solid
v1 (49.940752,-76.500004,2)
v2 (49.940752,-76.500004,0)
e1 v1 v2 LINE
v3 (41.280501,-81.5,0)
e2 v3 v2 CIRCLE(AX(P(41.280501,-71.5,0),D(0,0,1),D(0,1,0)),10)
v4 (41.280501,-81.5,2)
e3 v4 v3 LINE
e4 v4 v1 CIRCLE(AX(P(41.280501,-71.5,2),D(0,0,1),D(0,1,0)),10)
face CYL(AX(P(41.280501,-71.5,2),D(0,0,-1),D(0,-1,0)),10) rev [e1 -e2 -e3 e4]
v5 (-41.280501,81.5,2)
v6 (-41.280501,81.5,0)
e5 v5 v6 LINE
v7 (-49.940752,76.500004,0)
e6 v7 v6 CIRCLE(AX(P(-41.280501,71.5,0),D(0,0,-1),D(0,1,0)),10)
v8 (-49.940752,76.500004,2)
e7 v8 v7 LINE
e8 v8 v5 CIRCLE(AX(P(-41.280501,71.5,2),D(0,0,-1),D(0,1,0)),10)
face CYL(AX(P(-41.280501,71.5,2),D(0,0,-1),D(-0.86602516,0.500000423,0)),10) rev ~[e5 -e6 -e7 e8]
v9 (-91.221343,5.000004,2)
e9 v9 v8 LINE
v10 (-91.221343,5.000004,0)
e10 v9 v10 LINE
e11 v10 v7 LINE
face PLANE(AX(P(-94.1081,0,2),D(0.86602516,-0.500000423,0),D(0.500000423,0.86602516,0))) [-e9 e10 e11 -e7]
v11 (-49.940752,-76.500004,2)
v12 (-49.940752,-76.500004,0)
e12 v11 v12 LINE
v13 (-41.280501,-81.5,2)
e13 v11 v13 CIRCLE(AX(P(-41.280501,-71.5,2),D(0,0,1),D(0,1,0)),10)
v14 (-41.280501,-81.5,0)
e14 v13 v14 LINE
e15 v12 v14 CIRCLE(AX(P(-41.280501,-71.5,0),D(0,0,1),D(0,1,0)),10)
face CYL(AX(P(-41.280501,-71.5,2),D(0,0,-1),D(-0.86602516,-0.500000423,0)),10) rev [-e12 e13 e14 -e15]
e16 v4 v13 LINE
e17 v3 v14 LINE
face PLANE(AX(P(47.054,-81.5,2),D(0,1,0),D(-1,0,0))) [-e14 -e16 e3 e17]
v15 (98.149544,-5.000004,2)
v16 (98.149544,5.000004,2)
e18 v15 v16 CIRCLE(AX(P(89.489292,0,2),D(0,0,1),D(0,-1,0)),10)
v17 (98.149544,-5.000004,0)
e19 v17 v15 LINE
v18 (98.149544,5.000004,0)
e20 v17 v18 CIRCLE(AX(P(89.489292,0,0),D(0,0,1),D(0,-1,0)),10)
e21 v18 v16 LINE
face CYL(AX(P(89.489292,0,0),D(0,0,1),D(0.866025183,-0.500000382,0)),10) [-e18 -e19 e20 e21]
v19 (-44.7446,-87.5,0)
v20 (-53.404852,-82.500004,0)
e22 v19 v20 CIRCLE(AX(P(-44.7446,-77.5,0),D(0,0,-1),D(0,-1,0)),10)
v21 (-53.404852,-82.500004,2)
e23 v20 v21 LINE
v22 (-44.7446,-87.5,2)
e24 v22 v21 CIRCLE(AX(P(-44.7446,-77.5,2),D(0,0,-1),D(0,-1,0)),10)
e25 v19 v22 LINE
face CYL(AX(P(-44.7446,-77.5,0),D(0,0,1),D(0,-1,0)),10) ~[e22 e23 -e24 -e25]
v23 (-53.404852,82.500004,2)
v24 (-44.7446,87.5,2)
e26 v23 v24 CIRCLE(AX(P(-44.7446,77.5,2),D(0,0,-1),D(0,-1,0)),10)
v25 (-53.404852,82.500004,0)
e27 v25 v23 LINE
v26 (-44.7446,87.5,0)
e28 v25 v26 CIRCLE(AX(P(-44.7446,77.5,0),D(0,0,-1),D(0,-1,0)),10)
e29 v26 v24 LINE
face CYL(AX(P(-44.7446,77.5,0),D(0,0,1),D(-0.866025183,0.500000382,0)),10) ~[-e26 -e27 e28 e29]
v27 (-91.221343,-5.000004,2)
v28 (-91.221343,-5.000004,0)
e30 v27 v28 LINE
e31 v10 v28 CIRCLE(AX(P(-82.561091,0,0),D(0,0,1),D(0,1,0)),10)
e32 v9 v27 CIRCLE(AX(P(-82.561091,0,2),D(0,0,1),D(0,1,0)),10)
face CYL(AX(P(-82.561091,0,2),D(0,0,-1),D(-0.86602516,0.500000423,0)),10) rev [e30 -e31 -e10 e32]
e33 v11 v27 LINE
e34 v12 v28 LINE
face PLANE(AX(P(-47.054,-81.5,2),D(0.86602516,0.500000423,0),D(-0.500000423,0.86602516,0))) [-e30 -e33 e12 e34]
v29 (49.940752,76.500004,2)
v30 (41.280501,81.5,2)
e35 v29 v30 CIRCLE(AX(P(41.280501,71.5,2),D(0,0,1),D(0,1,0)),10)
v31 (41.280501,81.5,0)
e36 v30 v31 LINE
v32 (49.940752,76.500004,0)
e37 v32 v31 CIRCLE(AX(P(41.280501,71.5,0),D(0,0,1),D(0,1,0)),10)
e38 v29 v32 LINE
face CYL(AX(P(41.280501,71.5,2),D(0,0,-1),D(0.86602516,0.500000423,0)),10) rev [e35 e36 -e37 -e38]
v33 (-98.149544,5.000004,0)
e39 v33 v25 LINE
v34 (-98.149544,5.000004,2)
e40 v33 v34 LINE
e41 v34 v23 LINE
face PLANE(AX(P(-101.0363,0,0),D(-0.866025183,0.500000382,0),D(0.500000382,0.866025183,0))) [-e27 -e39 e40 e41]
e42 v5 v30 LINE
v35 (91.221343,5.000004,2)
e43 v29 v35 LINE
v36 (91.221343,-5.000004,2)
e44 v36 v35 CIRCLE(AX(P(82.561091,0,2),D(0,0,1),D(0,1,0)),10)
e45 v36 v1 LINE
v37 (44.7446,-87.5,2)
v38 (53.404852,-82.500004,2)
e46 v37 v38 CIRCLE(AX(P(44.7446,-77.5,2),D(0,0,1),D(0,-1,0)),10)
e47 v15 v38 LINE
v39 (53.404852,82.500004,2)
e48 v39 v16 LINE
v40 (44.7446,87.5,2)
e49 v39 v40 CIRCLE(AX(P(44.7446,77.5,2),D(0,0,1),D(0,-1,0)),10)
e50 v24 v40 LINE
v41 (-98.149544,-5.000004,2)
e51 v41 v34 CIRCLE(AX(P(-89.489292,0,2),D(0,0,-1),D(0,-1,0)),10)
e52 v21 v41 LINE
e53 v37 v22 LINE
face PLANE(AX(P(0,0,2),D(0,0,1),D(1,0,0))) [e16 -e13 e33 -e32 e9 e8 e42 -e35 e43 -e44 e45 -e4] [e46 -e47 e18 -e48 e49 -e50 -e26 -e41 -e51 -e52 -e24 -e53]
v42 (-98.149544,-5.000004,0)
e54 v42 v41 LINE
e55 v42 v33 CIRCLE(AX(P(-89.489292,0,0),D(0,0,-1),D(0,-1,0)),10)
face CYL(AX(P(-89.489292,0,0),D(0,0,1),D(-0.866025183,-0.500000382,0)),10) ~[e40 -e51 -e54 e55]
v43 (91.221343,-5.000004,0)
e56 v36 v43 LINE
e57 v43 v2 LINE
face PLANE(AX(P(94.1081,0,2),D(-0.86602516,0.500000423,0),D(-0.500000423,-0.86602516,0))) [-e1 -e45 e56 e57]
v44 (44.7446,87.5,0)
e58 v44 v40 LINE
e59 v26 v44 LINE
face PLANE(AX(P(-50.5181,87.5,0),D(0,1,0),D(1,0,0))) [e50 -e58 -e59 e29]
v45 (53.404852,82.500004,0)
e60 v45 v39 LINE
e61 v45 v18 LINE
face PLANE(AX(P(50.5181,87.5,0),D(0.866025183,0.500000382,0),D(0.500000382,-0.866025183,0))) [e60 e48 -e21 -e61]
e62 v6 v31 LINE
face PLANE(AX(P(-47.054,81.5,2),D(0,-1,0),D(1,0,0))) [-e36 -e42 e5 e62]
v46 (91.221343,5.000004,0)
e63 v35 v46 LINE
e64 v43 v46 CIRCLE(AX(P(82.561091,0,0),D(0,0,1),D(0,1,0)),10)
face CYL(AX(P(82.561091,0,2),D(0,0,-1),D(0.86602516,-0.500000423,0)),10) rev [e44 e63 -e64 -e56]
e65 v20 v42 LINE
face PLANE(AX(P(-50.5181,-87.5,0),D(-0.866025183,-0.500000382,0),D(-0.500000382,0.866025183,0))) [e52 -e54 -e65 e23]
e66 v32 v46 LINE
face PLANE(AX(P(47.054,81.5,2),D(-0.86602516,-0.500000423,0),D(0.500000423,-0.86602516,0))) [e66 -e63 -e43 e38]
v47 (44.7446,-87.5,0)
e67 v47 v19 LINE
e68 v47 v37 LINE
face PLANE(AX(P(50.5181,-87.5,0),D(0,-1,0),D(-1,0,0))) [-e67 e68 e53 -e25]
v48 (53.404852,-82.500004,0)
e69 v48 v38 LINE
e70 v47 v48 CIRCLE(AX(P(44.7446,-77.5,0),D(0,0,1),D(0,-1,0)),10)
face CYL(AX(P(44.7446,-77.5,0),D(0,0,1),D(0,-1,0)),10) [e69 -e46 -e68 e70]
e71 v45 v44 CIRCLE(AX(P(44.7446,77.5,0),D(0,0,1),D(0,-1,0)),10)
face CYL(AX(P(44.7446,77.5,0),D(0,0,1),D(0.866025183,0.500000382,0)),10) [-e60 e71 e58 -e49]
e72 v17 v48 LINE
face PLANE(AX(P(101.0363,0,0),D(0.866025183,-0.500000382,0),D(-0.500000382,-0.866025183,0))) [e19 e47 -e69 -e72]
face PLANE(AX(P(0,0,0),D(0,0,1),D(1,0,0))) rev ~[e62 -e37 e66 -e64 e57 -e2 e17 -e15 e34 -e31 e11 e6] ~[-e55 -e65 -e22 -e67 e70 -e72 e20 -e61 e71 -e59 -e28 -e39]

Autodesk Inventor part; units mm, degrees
ref_plane "YZ Plane" through (0, 0, 0) normal (1, 0, 0) x (0, 1, 0)
ref_plane "XZ Plane" through (0, 0, 0) normal (0, 1, 0) x (-1, 0, 0)
ref_plane "XY Plane" through (0, 0, 0) normal (0, 0, 1) x (1, 0, 0)
sketch "Sketch1" plane through (0, 0, 0) normal (0, 0, 1) x (1, 0, 0)
  line L0 (50.5181, -87.5) -> (-50.5181, -87.5)
  line L1 (-50.5181, -87.5) -> (-101.0363, 0)
  line L2 (-101.0363, 0) -> (-50.5181, 87.5)
  line L3 (-50.5181, 87.5) -> (50.5181, 87.5)
  line L4 (50.5181, 87.5) -> (101.0363, 0)
  line L5 (101.0363, 0) -> (50.5181, -87.5)
  point P0 (0, 0)
  point P1 (0, 0)
  dimension "d0" = 175
extrude "Extrusion1" add sketch "Sketch1" along normal blind 2
sketch "Sketch7" plane through (0, 0, 2) normal (0, 0, 1) x (1, 0, 0)
  line L0 (-50.5181, -87.5) -> (50.5181, -87.5) projected
  line L1 (50.5181, -87.5) -> (101.0363, 0) projected
  line L2 (101.0363, 0) -> (50.5181, 87.5) projected
  line L3 (50.5181, 87.5) -> (-50.5181, 87.5) projected
  line L4 (-50.5181, 87.5) -> (-101.0363, 0) projected
  line L5 (-101.0363, 0) -> (-50.5181, -87.5) projected
  line L6 (-47.054, 81.5) -> (47.054, 81.5)
  line L7 (47.054, 81.5) -> (94.1081, 0)
  line L8 (94.1081, 0) -> (47.054, -81.5)
  line L9 (47.054, -81.5) -> (-47.054, -81.5)
  line L10 (-47.054, -81.5) -> (-94.1081, 0)
  line L11 (-94.1081, 0) -> (-47.054, 81.5)
  dimension "d26" = 6
extrude "Extrusion6" cut sketch "Sketch7" against normal blind 7 contours L6 L7 L8 L9 L10 L11
fillet "Fillet2" radius 10 6 edges at (-94.1081, 0, 1) (-47.054, -81.5, 1) (47.054, -81.5, 1) (94.1081, 0, 1) (47.054, 81.5, 1) (-47.054, 81.5, 1)
fillet "Fillet3" radius 10 6 edges at (-50.5181, 87.5, 1) (50.5181, 87.5, 1) (101.0363, 0, 1) (50.5181, -87.5, 1) (-50.5181, -87.5, 1) (-101.0363, 0, 1)
properties part number "Cover v1"
